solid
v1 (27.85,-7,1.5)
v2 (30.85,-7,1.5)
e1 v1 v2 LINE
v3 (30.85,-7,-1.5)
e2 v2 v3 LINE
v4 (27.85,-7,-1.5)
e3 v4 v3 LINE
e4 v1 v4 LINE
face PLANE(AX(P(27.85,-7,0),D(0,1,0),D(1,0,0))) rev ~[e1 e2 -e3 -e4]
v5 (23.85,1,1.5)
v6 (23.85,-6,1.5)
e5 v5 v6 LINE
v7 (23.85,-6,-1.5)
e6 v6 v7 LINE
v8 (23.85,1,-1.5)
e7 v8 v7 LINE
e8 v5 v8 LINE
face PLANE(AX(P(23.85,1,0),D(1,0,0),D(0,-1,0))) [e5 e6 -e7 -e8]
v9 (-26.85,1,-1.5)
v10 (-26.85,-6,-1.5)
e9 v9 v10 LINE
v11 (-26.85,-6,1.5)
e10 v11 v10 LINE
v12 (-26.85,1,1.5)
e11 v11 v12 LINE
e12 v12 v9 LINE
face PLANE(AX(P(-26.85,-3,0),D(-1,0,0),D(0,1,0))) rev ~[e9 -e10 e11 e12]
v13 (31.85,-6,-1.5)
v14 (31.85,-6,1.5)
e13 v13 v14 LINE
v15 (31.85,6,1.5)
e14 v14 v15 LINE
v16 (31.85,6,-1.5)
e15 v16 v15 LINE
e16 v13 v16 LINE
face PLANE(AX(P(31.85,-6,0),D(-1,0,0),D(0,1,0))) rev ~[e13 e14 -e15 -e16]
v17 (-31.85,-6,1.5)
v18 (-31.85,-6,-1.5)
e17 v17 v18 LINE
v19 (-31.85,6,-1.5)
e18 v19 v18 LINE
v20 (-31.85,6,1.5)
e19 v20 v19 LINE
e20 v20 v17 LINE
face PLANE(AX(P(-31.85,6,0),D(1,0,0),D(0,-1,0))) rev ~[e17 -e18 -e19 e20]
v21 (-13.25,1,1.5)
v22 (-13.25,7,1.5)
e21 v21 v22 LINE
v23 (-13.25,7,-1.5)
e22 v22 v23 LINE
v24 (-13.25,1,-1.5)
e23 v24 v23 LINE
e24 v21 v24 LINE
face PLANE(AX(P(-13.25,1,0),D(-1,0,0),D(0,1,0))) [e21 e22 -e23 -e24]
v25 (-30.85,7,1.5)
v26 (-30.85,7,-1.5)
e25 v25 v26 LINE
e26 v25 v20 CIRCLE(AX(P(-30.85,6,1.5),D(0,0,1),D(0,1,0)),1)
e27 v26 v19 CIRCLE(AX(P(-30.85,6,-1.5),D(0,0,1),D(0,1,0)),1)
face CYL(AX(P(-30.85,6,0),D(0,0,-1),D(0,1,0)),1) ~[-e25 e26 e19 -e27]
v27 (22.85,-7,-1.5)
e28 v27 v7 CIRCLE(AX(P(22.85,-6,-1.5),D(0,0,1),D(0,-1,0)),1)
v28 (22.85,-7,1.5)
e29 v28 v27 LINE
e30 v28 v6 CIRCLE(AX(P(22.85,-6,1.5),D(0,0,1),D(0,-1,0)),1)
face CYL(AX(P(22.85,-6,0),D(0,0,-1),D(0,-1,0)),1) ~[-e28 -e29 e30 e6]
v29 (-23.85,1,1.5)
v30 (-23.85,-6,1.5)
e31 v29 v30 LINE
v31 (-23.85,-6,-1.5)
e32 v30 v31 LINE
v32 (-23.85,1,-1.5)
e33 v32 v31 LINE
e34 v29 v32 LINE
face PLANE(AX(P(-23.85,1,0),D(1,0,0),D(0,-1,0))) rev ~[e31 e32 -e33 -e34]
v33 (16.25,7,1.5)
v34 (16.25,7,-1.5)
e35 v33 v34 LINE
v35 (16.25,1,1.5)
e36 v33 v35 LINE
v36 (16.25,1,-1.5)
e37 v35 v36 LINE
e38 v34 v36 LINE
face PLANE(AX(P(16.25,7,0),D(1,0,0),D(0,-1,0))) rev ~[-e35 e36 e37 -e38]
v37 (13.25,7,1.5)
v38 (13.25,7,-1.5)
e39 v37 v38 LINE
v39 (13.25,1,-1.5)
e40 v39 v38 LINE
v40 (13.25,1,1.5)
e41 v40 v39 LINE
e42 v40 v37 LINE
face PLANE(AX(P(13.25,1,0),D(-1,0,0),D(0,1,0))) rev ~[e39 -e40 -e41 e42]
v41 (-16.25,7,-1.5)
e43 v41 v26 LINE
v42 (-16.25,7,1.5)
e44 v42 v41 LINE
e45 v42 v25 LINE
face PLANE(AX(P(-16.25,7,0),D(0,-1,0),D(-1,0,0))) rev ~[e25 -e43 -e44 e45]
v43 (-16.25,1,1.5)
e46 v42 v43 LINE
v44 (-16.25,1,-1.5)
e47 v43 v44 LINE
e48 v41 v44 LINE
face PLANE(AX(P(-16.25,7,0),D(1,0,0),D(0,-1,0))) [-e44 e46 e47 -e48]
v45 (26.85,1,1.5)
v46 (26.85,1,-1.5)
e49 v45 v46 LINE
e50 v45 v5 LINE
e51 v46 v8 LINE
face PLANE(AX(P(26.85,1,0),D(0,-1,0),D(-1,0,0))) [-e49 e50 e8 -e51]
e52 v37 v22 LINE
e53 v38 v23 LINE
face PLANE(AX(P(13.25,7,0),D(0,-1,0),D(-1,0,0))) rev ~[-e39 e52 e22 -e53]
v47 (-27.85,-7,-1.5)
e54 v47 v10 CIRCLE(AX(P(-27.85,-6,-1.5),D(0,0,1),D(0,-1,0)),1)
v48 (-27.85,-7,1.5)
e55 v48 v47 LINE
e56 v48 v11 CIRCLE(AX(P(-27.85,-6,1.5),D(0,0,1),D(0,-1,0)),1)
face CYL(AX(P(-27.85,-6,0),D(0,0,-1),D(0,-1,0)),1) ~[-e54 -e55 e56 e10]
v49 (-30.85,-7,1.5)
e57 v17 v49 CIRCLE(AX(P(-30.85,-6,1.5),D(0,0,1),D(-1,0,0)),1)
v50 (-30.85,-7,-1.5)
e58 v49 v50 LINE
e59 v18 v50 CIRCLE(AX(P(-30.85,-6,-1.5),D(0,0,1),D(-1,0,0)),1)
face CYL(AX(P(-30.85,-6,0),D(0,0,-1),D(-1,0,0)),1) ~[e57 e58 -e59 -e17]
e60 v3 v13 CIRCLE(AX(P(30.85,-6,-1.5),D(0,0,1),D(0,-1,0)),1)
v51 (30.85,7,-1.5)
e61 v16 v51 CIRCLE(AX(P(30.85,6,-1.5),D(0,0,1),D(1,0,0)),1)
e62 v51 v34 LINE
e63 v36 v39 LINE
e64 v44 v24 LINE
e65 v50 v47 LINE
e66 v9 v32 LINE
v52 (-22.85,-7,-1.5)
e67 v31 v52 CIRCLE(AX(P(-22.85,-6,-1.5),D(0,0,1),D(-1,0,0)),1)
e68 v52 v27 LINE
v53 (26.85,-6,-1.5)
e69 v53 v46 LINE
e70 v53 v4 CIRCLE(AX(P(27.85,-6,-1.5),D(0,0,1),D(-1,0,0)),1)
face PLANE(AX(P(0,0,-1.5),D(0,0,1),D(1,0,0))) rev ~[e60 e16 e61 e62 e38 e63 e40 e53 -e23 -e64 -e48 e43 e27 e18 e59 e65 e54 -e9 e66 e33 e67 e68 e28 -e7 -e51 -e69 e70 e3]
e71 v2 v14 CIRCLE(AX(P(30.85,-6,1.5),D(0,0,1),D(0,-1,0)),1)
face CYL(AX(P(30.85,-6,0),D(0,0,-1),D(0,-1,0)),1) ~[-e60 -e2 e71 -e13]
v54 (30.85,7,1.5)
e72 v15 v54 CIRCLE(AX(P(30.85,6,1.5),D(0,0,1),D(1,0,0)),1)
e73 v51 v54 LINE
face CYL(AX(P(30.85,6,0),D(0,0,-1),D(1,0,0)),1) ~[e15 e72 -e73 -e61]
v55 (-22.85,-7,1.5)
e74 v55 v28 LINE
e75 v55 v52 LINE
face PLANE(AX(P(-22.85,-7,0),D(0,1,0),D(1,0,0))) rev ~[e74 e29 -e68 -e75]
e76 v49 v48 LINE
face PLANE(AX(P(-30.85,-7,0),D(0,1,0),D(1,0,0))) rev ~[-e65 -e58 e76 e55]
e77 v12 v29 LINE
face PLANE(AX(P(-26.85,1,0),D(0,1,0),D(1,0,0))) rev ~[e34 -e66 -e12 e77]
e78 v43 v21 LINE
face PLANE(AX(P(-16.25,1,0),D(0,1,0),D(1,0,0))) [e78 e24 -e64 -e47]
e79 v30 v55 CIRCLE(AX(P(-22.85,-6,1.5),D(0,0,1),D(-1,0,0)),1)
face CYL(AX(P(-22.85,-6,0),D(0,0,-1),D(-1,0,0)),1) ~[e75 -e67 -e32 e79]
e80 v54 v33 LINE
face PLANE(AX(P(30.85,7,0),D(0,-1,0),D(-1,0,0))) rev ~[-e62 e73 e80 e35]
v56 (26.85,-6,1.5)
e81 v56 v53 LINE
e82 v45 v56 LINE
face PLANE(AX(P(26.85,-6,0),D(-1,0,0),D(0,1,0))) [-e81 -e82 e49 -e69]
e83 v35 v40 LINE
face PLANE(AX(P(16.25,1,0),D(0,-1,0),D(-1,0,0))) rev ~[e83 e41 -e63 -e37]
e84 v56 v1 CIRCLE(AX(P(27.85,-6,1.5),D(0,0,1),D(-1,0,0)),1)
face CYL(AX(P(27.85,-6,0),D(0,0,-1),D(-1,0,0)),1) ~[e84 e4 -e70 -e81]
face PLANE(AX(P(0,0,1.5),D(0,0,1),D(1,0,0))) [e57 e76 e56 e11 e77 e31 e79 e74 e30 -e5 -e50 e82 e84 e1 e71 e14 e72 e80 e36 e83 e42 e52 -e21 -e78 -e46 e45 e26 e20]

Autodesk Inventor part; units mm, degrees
ref_plane "YZ Plane" through (0, 0, 0) normal (1, 0, 0) x (0, 1, 0)
ref_plane "XZ Plane" through (0, 0, 0) normal (0, 1, 0) x (-1, 0, 0)
ref_plane "XY Plane" through (0, 0, 0) normal (0, 0, 1) x (1, 0, 0)
sketch "草圖1" plane through (0, 0, 0) normal (0, 0, 1) x (1, 0, 0)
  line L0 (31.85, -6) -> (31.85, 6)
  line L1 (-31.85, 6) -> (-31.85, -6)
  line L2 (-30.85, -7) -> (-27.85, -7)
  line L3 (-22.85, -7) -> (22.85, -7)
  line L4 (27.85, -7) -> (30.85, -7)
  line L5 (0, 22.1211) -> (0, -32.4412) construction
  arc A0 (-30.85, 7) -> (-31.85, 6) centre (-30.85, 6) ccw
  arc A1 (-31.85, -6) -> (-30.85, -7) centre (-30.85, -6) ccw
  arc A2 (-27.85, -7) -> (-26.85, -6) centre (-27.85, -6) ccw
  arc A3 (-23.85, -6) -> (-22.85, -7) centre (-22.85, -6) ccw
  arc A4 (30.85, -7) -> (31.85, -6) centre (30.85, -6) ccw
  arc A5 (31.85, 6) -> (30.85, 7) centre (30.85, 6) ccw
  line L6 (-26.85, -6) -> (-26.85, 1)
  line L7 (-26.85, 1) -> (-23.85, 1)
  line L8 (-23.85, 1) -> (-23.85, -6)
  arc A6 (26.85, -6) -> (27.85, -7) centre (27.85, -6) ccw
  arc A7 (22.85, -7) -> (23.85, -6) centre (22.85, -6) ccw
  line L9 (26.85, -6) -> (26.85, 1)
  line L10 (26.85, 1) -> (23.85, 1)
  line L11 (23.85, 1) -> (23.85, -6)
  line L12 (-16.25, 7) -> (-16.25, 1)
  line L13 (-16.25, 1) -> (-13.25, 1)
  line L14 (-13.25, 1) -> (-13.25, 7)
  line L15 (-14.75, -1.2757) -> (-14.75, 3.2757) construction
  line L16 (16.25, 7) -> (16.25, 1)
  line L17 (16.25, 1) -> (13.25, 1)
  line L18 (13.25, 1) -> (13.25, 7)
  line L19 (-31.85, -7) -> (31.85, -7) construction
  line L20 (31.85, -7) -> (31.85, 7) construction
  line L21 (31.85, 7) -> (-31.85, 7) construction
  line L22 (-31.85, 7) -> (-31.85, -7) construction
  line L23 (-31.85, -7) -> (31.85, 7) construction
  line L24 (31.85, -7) -> (-31.85, 7) construction
  line L25 (-16.25, 7) -> (-30.85, 7)
  line L26 (30.85, 7) -> (16.25, 7)
  line L27 (13.25, 7) -> (-13.25, 7)
  line L28 (-26.85, -6) -> (-26.85, -3)
  line L29 (26.85, -3) -> (26.85, -6)
  point P0 (0, 0)
  point P1 (-14.75, 1)
  point P2 (26.85, -6)
  dimension "d5" = 1
  dimension "d6" = 1
  dimension "d25" = 3
  dimension "d26" = 8
  dimension "d28" = 5
  dimension "d29" = 23.85
  dimension "d30" = 6
  dimension "d31" = 3
  dimension "d32" = 14.75
  dimension "d34" = 14
extrude "擠出1" add sketch "草圖1" along normal mid plane 3
properties part number "test"
